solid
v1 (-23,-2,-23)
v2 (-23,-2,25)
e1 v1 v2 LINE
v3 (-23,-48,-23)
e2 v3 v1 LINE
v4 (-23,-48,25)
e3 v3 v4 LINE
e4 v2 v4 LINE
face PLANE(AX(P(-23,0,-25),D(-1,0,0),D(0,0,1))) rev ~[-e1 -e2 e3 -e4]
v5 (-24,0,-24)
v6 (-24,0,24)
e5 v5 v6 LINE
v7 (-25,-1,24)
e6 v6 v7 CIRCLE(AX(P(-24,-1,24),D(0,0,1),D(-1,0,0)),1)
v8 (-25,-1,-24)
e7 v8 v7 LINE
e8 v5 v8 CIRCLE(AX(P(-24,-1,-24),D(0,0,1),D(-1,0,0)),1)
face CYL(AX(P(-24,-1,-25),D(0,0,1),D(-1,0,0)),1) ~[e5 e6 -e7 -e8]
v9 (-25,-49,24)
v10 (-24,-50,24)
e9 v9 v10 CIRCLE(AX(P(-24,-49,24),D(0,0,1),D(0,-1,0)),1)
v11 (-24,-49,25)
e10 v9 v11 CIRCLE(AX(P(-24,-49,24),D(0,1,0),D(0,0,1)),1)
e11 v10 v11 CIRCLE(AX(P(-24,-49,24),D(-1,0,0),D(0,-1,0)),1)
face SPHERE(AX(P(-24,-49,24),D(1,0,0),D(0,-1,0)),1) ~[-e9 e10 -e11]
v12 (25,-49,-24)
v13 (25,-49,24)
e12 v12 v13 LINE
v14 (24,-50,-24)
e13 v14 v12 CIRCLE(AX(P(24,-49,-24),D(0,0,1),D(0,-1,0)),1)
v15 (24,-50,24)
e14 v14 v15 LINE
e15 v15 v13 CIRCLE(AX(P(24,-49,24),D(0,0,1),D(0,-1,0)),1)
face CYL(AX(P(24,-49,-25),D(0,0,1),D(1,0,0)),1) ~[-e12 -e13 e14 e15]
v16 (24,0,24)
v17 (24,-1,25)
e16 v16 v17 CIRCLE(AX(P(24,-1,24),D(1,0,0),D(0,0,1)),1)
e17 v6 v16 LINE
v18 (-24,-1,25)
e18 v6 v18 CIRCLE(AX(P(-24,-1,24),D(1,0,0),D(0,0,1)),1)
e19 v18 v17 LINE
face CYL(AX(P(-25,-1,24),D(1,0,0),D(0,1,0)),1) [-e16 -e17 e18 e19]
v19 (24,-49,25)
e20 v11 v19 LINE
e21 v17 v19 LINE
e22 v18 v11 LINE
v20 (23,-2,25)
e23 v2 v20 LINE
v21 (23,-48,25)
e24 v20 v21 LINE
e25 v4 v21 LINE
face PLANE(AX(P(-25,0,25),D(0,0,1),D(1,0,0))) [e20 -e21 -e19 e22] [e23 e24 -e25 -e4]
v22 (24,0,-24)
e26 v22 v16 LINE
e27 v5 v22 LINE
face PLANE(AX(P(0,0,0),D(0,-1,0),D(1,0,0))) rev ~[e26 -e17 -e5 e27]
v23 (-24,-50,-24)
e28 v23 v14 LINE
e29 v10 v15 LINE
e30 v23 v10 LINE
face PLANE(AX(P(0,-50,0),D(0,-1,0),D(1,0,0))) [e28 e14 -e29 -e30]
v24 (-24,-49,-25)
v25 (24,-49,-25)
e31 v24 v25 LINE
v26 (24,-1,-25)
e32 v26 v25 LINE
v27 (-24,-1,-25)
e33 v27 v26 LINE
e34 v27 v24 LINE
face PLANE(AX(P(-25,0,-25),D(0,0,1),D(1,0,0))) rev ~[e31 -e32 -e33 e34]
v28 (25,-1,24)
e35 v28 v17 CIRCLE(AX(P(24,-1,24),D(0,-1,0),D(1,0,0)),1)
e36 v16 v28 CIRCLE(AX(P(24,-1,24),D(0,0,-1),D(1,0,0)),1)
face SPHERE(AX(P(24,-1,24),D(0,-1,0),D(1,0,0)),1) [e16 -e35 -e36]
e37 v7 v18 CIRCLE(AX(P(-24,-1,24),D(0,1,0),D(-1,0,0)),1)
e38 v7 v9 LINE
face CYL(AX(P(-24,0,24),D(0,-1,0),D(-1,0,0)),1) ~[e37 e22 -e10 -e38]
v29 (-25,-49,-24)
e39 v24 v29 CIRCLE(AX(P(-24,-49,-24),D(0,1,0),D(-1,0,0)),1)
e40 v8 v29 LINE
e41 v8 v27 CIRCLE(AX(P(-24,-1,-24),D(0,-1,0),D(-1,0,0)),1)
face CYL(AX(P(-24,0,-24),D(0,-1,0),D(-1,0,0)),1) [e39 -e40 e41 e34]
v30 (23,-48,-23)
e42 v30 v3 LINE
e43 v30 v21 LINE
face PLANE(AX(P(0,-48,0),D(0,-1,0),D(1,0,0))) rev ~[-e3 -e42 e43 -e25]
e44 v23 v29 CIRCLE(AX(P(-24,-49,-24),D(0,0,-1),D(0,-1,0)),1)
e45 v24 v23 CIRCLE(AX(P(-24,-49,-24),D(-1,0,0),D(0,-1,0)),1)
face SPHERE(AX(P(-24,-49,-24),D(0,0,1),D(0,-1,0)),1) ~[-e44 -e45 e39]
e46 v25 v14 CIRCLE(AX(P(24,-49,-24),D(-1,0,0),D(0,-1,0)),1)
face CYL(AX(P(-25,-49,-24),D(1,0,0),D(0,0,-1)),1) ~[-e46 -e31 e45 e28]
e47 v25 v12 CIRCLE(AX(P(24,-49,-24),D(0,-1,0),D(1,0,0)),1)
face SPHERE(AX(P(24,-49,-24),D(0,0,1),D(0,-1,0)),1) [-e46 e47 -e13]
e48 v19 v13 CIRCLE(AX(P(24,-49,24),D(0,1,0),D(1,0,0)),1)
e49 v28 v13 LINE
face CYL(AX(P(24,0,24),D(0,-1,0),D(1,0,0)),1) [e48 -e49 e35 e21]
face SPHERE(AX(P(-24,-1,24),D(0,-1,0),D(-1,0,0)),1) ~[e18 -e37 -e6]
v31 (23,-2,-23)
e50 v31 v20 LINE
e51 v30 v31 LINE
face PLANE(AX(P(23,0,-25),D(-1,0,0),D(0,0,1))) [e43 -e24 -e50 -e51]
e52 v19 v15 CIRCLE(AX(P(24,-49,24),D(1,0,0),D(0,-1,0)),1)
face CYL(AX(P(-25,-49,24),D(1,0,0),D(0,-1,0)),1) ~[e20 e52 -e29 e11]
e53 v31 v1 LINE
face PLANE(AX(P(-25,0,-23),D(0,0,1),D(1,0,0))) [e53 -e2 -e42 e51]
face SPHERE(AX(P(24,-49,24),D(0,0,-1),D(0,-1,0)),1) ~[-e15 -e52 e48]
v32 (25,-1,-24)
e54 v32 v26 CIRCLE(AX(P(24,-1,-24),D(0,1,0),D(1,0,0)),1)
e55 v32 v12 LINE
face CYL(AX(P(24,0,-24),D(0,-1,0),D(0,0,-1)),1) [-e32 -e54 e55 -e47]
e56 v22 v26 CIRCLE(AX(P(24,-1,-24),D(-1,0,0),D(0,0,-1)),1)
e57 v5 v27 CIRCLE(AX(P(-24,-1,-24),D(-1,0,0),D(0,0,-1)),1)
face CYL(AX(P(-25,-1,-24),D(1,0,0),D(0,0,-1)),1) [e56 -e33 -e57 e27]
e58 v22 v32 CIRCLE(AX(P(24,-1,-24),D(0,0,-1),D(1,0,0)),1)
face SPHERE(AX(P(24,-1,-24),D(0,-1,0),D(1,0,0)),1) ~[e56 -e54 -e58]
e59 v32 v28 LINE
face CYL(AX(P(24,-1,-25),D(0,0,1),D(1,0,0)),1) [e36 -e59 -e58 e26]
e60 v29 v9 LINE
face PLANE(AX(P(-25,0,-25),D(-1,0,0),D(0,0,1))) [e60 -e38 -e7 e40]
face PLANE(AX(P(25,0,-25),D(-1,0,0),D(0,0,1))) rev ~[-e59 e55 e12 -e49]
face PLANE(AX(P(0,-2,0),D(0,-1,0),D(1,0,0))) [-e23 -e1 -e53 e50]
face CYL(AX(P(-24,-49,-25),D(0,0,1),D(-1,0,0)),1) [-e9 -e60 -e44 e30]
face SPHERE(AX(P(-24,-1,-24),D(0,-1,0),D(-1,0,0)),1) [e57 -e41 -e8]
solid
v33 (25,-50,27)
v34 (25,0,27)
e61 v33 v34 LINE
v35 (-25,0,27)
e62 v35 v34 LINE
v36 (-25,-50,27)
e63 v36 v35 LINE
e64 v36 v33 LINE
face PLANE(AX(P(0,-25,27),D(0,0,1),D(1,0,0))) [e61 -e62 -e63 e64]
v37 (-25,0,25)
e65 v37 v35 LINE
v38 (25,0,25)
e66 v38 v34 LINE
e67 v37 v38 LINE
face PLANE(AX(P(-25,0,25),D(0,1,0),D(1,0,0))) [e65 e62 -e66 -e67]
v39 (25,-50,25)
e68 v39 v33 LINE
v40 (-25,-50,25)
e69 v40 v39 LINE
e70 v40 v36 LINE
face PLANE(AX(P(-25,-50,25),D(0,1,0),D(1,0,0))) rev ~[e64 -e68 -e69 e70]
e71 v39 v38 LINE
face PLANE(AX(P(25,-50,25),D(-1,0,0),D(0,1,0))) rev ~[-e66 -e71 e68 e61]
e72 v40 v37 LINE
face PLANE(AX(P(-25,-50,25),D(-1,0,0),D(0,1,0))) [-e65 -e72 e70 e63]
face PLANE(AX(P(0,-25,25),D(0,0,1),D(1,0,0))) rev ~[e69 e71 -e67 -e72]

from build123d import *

# Parameters (mm, degrees)
F0_W     = 50
F0_H     = 50
F1_DEPTH = 50
F2_T     = -2
F3_R     = 1
F5_W     = 50
F5_H     = 50
F6_DEPTH = 2


with BuildPart() as f1:
    # F0 (on Front) → F1 (new body)
    with BuildSketch(Plane.XZ):
        Rectangle(F0_W, F0_H)
    extrude(amount=F1_DEPTH)

    # F2
    f2_openings = [f1.faces().sort_by_distance(p)[0] for p in [
        (0, -25, 25),
    ]]
    offset(amount=F2_T, openings=f2_openings)

    # F3
    f3_edges = [f1.edges().sort_by_distance(p)[0] for p in [
        (25, -50, 0),
        (0, -50, 25),
        (-25, -50, 0),
        (0, -50, -25),
        (25, -25, -25),
        (25, -25, 25),
        (25, 0, 0),
        (-25, -25, 25),
        (-25, -25, -25),
        (-25, 0, 0),
        (0, 0, 25),
        (0, 0, -25),
    ]]
    fillet(f3_edges, radius=F3_R)


with BuildPart() as f6:
    # F5 (on offset) → F6 (new body)
    with BuildSketch(Plane.XY.offset(25)):
        with Locations((0, -25)):
            Rectangle(F5_W, F5_H)
    extrude(amount=F6_DEPTH)


solid = Compound([f1.part, f6.part])
